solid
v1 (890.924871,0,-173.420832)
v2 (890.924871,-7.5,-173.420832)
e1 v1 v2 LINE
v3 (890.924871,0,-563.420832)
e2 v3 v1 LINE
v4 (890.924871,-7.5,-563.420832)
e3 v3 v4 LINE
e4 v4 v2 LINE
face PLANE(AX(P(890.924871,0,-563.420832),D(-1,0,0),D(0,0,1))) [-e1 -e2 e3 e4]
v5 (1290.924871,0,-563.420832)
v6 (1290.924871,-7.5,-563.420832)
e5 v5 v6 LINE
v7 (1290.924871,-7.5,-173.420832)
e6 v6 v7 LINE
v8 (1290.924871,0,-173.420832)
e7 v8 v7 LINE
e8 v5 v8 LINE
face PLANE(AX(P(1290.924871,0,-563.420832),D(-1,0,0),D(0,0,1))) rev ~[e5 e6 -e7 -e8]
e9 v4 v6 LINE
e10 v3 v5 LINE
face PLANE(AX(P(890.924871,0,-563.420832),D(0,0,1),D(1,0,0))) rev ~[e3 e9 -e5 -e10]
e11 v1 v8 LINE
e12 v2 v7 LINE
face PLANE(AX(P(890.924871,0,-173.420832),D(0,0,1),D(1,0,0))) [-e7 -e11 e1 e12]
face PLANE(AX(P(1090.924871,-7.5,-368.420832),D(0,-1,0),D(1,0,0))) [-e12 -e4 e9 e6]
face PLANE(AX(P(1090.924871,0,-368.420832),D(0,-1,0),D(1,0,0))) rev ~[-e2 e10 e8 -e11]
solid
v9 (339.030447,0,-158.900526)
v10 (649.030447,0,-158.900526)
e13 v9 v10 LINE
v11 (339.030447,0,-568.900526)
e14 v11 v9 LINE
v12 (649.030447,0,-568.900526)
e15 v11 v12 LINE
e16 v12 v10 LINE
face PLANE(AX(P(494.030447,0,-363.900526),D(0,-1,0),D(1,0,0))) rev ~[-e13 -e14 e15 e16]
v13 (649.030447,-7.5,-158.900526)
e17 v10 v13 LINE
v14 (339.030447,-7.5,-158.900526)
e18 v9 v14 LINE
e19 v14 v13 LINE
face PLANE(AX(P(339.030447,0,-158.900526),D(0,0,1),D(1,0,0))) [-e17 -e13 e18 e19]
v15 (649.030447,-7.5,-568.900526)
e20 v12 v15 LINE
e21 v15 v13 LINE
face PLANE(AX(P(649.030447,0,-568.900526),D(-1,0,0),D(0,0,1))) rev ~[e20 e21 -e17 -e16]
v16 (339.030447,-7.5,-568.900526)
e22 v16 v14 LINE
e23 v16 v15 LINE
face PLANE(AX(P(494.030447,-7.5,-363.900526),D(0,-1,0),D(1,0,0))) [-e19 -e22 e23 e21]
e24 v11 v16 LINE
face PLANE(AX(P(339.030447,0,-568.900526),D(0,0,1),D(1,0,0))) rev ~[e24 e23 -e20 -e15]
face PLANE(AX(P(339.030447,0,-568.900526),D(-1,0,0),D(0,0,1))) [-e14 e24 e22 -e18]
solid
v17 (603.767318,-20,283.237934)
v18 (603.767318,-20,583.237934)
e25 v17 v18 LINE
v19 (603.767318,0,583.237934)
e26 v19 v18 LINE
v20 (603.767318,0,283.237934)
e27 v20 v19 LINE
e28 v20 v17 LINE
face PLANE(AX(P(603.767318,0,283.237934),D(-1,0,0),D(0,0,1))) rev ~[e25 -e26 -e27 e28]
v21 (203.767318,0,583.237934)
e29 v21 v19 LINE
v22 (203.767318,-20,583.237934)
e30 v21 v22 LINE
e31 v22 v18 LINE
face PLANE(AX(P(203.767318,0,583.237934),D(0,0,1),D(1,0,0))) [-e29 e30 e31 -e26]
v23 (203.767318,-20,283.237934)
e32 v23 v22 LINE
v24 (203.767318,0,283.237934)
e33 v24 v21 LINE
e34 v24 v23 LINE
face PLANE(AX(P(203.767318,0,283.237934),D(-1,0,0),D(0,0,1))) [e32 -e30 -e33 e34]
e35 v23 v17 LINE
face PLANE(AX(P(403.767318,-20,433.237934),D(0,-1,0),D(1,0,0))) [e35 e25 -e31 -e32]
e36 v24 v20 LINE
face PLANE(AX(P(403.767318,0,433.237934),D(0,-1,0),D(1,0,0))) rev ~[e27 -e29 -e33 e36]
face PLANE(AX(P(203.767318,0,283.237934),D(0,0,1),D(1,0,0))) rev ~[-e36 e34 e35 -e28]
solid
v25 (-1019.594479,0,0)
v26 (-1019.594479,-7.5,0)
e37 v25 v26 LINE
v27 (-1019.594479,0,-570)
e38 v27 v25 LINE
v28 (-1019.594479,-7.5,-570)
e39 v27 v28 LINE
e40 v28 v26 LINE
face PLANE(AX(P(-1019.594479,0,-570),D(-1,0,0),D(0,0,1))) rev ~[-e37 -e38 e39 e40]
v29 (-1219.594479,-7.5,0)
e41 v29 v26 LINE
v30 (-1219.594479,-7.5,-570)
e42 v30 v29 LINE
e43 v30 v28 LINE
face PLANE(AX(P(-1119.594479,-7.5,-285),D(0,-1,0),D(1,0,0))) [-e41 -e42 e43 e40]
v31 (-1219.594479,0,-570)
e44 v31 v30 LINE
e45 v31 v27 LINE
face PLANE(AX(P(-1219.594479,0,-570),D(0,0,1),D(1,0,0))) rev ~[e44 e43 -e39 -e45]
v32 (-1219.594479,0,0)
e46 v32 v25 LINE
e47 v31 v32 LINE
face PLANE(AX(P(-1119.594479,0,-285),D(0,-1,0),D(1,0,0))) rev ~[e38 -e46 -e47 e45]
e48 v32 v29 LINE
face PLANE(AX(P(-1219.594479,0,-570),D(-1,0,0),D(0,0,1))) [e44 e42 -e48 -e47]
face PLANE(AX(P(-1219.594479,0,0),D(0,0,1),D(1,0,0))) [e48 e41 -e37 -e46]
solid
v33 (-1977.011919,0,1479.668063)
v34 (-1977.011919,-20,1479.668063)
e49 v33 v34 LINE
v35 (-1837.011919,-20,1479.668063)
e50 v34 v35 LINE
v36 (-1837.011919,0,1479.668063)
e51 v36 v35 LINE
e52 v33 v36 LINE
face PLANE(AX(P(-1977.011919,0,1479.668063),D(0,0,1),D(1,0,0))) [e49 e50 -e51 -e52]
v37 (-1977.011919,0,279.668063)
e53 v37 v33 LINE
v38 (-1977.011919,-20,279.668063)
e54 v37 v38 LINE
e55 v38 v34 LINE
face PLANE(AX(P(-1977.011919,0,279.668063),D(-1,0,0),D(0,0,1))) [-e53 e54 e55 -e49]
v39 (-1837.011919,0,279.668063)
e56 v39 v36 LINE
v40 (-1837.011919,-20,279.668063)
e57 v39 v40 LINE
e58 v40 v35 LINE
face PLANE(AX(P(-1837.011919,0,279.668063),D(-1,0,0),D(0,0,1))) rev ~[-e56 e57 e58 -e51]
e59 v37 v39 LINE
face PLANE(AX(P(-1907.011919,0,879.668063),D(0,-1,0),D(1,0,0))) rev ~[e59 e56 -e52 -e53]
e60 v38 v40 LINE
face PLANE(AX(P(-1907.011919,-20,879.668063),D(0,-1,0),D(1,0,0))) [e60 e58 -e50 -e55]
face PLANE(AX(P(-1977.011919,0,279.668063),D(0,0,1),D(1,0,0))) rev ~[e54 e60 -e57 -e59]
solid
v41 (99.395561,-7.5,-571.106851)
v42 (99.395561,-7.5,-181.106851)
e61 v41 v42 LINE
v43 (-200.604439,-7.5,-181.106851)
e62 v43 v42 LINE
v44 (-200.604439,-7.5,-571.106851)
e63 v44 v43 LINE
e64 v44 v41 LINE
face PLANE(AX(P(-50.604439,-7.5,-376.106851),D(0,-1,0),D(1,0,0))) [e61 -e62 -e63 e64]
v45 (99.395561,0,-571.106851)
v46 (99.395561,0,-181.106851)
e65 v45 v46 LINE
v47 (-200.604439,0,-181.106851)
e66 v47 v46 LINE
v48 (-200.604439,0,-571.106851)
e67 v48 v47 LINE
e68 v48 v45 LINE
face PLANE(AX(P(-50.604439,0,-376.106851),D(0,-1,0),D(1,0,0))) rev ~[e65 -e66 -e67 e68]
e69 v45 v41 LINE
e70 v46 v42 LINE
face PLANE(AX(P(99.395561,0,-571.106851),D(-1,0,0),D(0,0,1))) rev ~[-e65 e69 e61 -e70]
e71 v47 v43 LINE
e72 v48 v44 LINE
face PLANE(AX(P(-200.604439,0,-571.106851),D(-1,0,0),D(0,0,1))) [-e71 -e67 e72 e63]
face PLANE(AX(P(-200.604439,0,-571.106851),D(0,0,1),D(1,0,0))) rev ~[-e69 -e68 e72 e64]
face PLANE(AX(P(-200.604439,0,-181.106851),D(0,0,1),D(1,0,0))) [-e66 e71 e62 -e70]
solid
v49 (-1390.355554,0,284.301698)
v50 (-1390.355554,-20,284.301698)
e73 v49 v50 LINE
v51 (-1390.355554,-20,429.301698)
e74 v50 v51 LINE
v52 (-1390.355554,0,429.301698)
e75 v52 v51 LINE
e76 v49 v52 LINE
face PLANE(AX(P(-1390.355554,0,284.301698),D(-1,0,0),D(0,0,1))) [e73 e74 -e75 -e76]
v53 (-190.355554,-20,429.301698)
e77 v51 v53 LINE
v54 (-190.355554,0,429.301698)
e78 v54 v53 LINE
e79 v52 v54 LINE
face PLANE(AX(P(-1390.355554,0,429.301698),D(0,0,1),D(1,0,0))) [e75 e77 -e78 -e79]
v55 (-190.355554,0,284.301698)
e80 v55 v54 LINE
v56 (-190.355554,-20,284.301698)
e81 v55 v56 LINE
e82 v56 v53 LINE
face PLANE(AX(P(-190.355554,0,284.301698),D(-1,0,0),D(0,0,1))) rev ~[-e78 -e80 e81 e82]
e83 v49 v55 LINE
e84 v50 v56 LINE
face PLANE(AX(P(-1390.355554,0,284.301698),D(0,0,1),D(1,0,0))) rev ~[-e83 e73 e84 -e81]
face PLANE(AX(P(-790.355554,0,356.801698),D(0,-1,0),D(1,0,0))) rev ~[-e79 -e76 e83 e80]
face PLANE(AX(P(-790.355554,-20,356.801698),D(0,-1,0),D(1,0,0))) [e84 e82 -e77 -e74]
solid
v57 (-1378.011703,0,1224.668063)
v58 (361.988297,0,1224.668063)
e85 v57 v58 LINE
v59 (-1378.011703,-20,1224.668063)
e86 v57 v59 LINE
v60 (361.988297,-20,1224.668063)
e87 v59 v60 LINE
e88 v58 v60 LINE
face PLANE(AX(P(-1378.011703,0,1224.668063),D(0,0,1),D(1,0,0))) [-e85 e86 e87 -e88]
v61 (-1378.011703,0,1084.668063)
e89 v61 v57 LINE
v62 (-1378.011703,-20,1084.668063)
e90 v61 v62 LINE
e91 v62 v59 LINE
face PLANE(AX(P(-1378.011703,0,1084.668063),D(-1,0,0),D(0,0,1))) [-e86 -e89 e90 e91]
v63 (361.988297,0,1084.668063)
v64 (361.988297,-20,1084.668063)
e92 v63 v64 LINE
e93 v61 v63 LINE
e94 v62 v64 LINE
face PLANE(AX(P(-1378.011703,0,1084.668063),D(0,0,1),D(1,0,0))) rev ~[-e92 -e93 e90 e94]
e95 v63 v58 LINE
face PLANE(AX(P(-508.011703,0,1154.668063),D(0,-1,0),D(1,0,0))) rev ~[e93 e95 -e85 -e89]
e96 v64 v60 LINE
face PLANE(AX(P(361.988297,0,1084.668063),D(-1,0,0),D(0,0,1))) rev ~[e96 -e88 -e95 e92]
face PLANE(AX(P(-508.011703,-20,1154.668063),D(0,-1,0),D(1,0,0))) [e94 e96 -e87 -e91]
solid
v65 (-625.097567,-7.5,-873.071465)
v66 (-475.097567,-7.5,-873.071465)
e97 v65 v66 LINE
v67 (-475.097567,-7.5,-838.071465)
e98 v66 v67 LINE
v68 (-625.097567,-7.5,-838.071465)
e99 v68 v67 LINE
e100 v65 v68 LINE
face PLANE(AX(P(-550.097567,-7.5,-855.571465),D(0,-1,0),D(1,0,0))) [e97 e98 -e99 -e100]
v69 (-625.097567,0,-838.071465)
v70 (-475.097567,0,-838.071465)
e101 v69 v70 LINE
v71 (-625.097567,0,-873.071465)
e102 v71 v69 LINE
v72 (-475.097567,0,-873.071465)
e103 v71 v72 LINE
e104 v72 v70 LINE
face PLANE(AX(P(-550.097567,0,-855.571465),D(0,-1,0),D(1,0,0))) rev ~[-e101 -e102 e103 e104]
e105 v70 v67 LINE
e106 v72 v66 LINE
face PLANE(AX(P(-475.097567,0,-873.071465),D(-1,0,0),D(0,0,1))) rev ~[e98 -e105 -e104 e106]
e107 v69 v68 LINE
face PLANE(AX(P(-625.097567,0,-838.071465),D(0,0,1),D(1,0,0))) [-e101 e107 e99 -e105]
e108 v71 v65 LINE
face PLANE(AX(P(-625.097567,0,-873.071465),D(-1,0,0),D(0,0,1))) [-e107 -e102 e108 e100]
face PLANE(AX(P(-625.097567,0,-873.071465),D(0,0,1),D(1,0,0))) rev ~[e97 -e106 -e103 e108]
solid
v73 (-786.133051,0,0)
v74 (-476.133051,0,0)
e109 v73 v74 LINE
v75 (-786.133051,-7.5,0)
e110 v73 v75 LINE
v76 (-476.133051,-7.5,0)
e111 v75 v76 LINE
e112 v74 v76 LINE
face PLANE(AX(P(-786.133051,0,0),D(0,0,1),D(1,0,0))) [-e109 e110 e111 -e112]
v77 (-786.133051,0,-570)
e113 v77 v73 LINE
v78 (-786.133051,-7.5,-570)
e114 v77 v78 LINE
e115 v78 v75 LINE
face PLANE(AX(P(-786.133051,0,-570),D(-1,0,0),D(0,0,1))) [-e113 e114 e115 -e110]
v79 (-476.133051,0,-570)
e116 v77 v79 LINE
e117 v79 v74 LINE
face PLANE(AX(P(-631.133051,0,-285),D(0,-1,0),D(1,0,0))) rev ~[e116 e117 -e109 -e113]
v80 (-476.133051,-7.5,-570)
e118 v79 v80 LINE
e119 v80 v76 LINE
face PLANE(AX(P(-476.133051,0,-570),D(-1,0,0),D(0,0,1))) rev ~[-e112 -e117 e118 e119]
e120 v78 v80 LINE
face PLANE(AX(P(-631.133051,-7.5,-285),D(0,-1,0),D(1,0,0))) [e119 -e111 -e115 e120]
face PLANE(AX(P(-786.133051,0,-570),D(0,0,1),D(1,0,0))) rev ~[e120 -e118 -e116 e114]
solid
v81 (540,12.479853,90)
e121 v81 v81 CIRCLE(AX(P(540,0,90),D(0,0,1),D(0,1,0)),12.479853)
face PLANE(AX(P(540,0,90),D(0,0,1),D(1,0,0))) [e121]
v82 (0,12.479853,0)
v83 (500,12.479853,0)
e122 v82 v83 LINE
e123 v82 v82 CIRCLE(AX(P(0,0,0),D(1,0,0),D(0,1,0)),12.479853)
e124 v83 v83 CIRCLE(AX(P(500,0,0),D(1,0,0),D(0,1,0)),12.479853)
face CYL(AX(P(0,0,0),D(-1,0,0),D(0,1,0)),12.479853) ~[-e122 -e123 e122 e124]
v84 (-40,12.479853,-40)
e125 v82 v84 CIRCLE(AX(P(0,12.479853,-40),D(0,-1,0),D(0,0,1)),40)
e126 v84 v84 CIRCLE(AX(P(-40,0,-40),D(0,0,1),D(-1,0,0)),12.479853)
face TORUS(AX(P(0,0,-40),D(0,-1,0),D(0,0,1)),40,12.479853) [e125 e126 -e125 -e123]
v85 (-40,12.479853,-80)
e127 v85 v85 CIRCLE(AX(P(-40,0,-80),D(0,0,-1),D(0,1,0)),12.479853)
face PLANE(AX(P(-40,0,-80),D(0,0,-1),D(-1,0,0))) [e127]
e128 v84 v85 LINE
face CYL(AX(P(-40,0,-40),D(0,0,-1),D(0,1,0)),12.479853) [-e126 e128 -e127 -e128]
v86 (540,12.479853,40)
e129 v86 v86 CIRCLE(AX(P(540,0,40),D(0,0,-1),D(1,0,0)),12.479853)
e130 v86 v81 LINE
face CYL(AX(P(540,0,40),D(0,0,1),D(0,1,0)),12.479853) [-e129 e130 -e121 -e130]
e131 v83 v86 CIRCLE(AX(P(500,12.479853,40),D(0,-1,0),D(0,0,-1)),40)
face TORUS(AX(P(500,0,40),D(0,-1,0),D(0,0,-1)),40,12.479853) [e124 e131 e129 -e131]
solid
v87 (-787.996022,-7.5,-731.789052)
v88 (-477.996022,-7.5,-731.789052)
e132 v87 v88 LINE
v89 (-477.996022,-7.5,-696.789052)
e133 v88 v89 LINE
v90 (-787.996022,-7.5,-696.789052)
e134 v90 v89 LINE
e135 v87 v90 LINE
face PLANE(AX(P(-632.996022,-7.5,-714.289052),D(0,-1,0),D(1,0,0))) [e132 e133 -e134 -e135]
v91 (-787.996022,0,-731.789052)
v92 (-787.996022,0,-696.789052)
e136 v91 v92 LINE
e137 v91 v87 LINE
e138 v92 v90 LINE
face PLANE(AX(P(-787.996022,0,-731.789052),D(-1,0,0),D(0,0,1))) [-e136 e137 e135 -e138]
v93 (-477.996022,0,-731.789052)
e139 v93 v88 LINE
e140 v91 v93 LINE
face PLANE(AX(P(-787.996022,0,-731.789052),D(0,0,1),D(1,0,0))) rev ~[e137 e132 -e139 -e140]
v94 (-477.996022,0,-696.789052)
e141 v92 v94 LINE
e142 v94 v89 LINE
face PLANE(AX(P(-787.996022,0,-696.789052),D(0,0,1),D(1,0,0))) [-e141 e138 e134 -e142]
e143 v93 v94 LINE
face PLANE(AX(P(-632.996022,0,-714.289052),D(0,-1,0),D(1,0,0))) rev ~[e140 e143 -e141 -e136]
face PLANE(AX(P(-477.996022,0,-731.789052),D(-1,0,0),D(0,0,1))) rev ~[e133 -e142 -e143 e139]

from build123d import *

# Parameters (mm, degrees)
F0_R       = 12.4798531306
F1_DEPTH   = 500
F2_W       = 400
F2_H       = 300
F3_DEPTH   = 20
F4_W       = 1200
F4_H       = 145
F5_DEPTH   = 20
F6_W       = 1740
F6_H       = 140
F7_DEPTH   = 20
F6_W_2     = 140
F6_H_2     = 1200
F8_DEPTH   = 20
F9_W       = 310
F9_H       = 570
F10_DEPTH  = 7.5
F11_W      = 200
F11_H      = 570
F12_DEPTH  = 7.5
F13_W      = 310
F13_H      = 35
F14_DEPTH  = 7.5
F15_W      = 300
F15_H      = 390
F16_DEPTH  = 7.5
F17_W      = 310
F17_H      = 410
F18_DEPTH  = 7.5
F19_W      = 400
F19_H      = 390
F20_DEPTH  = 7.5
F1_FACE_R  = 12.4798531306
F1_FACE1_R = 12.4798531306
F24_W      = 150
F24_H      = 35
F25_DEPTH  = 7.5


with BuildPart() as f1:
    # F0 (on Right) → F1 (new body)
    with BuildSketch(Plane.YZ):
        Circle(F0_R)
    extrude(amount=F1_DEPTH)

    # F22: sweep along a path in F21
    with BuildLine(Plane.XZ) as f22_path:
        ThreePointArc((0, 0), (-28.2842712475, -11.7157287525), (-40, -40))
        Line((-40, -40), (-40, -80))
    # F1_face (on face) → F22 (sweep)
    with BuildSketch(Plane(origin=(0, 0, 0), x_dir=(0, 1, 0), z_dir=(-1, 0, 0))):
        Circle(F1_FACE_R)
    sweep(path=f22_path.line)

    # F23: sweep along a path in F21
    with BuildLine(Plane.XZ) as f23_path:
        ThreePointArc((500, 0), (528.2842712475, 11.7157287525), (540, 40))
        Line((540, 40), (540, 90))
    # F1_face1 (on face) → F23 (sweep)
    with BuildSketch(Plane.YZ.offset(500)):
        Circle(F1_FACE1_R)
    sweep(path=f23_path.line)


with BuildPart() as f3:
    # F2 (on Front) → F3 (new body)
    with BuildSketch(Plane.XZ):
        with Locations((403.7673175335, 433.2379341125)):
            Rectangle(F2_W, F2_H)
    extrude(amount=F3_DEPTH)


with BuildPart() as f5:
    # F4 (on Front) → F5 (new body)
    with BuildSketch(Plane.XZ):
        with Locations((-790.3555542231, 356.8016982079)):
            Rectangle(F4_W, F4_H)
    extrude(amount=F5_DEPTH)


with BuildPart() as f7:
    # F6 (on Front) → F7 (new body)
    with BuildSketch(Plane.XZ):
        with Locations((-508.0117034912, 1154.6680629253)):
            Rectangle(F6_W, F6_H)
    extrude(amount=F7_DEPTH)


with BuildPart() as f8:
    # F6 (on Front) → F8 (new body)
    with BuildSketch(Plane.XZ):
        with Locations((-1907.0119190216, 879.6680629253)):
            Rectangle(F6_W_2, F6_H_2)
    extrude(amount=F8_DEPTH)


with BuildPart() as f10:
    # F9 (on Front) → F10 (new body)
    with BuildSketch(Plane.XZ):
        with Locations((-631.1330509186, -285)):
            Rectangle(F9_W, F9_H)
    extrude(amount=F10_DEPTH)


with BuildPart() as f12:
    # F11 (on Front) → F12 (new body)
    with BuildSketch(Plane.XZ):
        with Locations((-1119.5944786072, -285)):
            Rectangle(F11_W, F11_H)
    extrude(amount=F12_DEPTH)


with BuildPart() as f14:
    # F13 (on Front) → F14 (new body)
    with BuildSketch(Plane.XZ):
        with Locations((-632.9960215092, -714.2890524864)):
            Rectangle(F13_W, F13_H)
    extrude(amount=F14_DEPTH)


with BuildPart() as f16:
    # F15 (on Front) → F16 (new body)
    with BuildSketch(Plane.XZ):
        with Locations((-50.6044387817, -376.1068511009)):
            Rectangle(F15_W, F15_H)
    extrude(amount=F16_DEPTH)


with BuildPart() as f18:
    # F17 (on Front) → F18 (new body)
    with BuildSketch(Plane.XZ):
        with Locations((494.0304470062, -363.9005255699)):
            Rectangle(F17_W, F17_H)
    extrude(amount=F18_DEPTH)


with BuildPart() as f20:
    # F19 (on Front) → F20 (new body)
    with BuildSketch(Plane.XZ):
        with Locations((1090.9248709679, -368.4208321571)):
            Rectangle(F19_W, F19_H)
    extrude(amount=F20_DEPTH)


with BuildPart() as f25:
    # F24 (on Front) → F25 (new body)
    with BuildSketch(Plane.XZ):
        with Locations((-550.097566843, -855.5714654922)):
            Rectangle(F24_W, F24_H)
    extrude(amount=F25_DEPTH)


solid = Compound([f1.part, f3.part, f5.part, f7.part, f8.part, f10.part, f12.part, f14.part, f16.part, f18.part, f20.part, f25.part])
